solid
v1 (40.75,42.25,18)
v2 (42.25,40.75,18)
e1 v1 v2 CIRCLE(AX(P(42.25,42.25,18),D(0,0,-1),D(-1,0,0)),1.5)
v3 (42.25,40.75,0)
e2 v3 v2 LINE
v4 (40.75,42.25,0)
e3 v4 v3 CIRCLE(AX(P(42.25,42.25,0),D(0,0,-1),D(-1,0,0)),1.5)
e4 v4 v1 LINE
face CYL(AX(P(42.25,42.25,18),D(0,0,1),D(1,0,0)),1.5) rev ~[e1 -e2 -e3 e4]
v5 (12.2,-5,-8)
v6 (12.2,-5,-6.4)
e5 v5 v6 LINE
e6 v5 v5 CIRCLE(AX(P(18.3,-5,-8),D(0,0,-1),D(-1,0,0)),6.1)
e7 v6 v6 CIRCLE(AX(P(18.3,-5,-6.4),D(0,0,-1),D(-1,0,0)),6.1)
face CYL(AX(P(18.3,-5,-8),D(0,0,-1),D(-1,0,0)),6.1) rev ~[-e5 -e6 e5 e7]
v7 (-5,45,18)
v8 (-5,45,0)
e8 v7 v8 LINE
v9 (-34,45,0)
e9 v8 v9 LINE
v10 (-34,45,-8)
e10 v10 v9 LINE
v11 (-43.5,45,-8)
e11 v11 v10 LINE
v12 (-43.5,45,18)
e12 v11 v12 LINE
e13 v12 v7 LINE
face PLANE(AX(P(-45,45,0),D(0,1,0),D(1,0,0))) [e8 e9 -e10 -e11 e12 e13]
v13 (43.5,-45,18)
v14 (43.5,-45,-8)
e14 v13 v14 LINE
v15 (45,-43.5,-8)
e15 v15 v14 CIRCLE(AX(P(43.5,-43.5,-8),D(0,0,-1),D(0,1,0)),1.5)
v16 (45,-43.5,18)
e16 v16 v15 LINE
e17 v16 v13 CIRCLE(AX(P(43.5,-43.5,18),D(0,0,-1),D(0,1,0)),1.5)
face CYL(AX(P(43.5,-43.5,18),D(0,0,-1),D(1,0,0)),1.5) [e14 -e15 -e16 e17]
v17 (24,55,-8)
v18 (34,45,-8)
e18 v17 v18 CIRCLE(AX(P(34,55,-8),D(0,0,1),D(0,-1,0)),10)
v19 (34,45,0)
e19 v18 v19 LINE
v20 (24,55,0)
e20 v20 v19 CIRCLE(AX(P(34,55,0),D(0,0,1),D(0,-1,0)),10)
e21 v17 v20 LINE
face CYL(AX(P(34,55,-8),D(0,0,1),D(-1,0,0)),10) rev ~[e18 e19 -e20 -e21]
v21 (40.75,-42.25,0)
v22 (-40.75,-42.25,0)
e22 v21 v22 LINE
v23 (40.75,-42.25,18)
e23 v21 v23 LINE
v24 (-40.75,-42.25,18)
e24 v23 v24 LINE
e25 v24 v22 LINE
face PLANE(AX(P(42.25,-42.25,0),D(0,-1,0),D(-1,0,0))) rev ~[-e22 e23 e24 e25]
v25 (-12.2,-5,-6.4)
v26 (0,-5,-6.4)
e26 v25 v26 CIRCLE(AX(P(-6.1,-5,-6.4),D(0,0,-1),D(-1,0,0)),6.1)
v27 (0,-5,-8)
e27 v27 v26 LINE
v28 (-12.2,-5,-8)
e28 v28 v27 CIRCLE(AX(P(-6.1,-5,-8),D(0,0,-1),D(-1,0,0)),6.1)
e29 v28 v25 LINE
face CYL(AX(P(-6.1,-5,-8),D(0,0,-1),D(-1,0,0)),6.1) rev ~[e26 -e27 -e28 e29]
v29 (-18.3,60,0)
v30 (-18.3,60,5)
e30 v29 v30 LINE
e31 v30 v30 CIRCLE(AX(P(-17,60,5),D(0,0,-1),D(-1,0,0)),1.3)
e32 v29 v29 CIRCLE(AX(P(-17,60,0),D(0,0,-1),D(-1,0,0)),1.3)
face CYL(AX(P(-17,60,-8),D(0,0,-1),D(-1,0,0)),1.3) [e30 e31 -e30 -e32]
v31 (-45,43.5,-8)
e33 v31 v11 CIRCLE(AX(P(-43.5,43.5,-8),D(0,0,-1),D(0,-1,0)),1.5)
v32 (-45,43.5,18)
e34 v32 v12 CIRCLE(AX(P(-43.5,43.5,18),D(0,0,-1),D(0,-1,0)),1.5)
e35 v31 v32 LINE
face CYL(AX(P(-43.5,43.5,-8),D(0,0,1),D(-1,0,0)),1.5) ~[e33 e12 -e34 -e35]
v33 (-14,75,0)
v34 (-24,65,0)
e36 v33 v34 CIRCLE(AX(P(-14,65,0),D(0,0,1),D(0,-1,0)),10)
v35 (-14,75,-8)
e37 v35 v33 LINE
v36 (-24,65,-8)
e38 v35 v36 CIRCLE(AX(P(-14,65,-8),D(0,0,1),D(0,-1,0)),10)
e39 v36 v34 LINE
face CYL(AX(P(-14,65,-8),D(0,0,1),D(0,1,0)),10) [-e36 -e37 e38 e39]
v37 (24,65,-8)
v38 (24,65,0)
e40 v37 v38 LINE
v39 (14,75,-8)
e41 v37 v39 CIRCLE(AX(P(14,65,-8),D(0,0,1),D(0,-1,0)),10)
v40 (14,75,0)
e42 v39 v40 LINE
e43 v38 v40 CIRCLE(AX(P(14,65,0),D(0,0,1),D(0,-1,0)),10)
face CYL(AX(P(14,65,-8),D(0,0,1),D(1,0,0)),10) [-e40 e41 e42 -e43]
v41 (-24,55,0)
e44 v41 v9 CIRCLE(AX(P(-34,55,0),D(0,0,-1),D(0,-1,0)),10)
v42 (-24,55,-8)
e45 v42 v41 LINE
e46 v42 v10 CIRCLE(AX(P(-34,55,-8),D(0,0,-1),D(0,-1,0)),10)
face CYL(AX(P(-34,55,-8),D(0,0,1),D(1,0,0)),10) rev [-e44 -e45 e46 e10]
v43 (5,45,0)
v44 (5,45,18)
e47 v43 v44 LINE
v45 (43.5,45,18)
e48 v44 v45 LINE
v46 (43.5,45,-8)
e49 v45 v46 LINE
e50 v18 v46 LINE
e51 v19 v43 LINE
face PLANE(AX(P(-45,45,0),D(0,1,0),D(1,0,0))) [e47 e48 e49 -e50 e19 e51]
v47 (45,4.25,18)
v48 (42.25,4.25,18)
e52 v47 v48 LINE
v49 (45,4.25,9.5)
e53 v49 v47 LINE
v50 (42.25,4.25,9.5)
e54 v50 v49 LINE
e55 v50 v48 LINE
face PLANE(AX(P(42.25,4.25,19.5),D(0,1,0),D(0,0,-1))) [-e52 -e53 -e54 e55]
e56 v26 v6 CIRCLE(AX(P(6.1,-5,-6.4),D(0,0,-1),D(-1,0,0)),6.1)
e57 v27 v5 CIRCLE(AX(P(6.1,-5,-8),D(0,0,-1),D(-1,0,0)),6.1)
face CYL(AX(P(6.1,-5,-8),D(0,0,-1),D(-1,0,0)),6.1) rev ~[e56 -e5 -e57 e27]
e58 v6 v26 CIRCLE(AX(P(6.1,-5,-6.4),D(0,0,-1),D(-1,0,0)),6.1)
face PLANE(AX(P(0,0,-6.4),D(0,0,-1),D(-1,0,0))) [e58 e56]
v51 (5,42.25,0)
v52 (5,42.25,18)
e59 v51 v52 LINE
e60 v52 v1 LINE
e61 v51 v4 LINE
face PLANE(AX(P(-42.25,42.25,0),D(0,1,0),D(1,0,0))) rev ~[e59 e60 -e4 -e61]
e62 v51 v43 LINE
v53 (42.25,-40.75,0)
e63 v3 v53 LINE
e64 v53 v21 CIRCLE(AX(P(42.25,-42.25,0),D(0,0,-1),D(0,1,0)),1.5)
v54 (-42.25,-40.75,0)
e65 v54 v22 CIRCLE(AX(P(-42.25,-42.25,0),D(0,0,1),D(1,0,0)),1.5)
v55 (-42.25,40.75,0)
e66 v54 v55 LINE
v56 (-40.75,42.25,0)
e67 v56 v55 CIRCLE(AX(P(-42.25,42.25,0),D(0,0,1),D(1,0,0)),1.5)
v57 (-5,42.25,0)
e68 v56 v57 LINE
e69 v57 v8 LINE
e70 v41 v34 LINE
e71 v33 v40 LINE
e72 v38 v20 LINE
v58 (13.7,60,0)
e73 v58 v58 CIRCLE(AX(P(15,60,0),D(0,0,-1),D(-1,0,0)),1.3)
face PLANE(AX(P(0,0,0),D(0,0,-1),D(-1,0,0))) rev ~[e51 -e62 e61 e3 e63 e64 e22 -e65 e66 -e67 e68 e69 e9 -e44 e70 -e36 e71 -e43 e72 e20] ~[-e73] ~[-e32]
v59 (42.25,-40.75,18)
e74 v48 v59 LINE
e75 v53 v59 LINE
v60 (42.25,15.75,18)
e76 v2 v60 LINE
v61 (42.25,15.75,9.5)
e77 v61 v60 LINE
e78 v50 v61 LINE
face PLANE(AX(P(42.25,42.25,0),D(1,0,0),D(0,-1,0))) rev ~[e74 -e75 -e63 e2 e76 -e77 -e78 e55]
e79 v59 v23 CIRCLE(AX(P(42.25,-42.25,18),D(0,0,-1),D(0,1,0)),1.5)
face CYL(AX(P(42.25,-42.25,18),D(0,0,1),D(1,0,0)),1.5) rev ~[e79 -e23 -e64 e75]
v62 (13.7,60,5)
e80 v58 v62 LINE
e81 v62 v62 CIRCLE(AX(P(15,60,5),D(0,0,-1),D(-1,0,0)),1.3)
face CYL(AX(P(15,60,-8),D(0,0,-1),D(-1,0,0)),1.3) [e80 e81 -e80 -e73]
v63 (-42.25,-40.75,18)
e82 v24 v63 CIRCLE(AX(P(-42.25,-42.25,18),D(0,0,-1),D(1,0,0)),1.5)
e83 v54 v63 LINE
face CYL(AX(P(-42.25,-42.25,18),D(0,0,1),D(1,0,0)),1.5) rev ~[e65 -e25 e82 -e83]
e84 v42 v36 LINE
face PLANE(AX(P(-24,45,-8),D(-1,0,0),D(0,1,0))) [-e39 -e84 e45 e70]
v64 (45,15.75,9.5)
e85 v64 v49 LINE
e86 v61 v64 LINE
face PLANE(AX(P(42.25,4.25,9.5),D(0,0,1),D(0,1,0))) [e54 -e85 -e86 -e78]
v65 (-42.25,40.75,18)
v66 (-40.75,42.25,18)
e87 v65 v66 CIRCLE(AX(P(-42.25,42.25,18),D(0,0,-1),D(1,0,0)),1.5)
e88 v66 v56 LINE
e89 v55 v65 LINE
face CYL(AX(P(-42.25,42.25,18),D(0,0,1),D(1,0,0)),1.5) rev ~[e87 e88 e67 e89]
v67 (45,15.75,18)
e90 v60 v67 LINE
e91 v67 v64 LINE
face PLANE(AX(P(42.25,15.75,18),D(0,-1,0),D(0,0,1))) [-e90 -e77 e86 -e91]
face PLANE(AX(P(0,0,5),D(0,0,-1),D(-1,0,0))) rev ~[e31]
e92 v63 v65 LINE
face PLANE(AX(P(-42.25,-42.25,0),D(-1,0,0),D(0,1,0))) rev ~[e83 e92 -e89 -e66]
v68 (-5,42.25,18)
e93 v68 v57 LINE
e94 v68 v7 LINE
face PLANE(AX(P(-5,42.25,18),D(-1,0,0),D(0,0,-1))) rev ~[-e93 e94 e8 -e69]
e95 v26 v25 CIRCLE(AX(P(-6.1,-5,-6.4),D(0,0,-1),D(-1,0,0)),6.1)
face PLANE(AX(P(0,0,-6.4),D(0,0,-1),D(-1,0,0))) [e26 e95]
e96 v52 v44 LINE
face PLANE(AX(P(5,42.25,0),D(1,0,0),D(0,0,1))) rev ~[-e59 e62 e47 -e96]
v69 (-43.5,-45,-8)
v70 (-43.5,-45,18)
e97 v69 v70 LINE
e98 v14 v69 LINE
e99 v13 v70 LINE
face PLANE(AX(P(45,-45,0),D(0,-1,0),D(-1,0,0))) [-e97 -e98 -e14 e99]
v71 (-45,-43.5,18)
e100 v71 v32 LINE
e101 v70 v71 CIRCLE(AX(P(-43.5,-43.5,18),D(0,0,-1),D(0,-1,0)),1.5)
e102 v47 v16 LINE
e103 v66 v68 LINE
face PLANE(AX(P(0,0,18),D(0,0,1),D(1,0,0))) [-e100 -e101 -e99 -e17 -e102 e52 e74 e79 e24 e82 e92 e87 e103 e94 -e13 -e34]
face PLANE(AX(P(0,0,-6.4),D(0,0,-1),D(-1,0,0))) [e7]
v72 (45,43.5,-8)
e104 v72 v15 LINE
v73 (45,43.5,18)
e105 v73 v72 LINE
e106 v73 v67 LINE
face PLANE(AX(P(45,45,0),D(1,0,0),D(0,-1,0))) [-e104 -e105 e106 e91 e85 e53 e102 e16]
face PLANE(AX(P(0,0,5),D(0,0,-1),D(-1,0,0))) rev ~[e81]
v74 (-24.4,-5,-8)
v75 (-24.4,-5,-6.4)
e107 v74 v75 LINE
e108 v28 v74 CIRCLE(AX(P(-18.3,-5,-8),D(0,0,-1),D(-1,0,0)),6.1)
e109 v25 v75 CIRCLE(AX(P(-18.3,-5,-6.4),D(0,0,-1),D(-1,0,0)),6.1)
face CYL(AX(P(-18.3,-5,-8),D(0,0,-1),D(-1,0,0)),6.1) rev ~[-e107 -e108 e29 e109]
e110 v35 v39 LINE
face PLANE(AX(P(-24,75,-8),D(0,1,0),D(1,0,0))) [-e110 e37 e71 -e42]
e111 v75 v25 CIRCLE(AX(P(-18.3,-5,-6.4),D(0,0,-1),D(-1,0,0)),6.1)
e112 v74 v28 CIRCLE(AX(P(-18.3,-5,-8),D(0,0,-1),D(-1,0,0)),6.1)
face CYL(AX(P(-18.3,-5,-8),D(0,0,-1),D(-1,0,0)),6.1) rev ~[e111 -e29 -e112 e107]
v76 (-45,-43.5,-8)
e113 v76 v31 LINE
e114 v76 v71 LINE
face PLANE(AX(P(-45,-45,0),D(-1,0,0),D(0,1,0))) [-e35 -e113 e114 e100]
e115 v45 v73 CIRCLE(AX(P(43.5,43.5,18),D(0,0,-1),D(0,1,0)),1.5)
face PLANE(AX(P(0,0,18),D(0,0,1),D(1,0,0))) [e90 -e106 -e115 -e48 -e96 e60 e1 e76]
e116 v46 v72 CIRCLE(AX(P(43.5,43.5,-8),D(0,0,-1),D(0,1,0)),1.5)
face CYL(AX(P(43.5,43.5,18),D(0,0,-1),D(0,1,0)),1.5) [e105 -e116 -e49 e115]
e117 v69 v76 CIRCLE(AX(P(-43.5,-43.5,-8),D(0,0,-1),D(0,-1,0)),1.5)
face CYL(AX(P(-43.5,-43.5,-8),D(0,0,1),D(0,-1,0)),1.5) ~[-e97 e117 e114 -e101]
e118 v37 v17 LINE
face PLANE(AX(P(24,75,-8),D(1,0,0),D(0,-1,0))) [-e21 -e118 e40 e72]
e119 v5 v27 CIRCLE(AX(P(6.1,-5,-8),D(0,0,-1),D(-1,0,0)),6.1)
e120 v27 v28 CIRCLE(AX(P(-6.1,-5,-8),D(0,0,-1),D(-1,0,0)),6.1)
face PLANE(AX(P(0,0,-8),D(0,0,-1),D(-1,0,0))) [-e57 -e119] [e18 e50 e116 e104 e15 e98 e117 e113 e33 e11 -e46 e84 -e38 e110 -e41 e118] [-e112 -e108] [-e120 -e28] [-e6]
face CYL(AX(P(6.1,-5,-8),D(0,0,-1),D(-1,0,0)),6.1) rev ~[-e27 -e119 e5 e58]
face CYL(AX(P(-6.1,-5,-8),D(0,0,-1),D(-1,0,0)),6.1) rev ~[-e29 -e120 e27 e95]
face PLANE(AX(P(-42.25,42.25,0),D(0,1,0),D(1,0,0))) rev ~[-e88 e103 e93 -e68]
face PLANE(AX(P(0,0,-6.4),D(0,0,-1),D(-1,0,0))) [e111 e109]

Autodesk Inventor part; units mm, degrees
ref_plane "YZ Plane" through (0, 0, 0) normal (1, 0, 0) x (0, 1, 0)
ref_plane "XZ Plane" through (0, 0, 0) normal (0, 1, 0) x (-1, 0, 0)
ref_plane "XY Plane" through (0, 0, 0) normal (0, 0, 1) x (1, 0, 0)
sketch "Sketch1" plane through (0, 0, 0) normal (0, 0, 1) x (1, 0, 0)
  line L0 (-42.25, 42.25) -> (42.25, 42.25)
  line L1 (42.25, 42.25) -> (42.25, -42.25)
  line L2 (42.25, -42.25) -> (-42.25, -42.25)
  line L3 (-42.25, -42.25) -> (-42.25, 42.25)
  line L4 (-42.25, 42.25) -> (42.25, -42.25) construction
  line L5 (42.25, 42.25) -> (-42.25, -42.25) construction
  line L6 (-45, 45) -> (45, 45)
  line L7 (45, 45) -> (45, -45)
  line L8 (45, -45) -> (-45, -45)
  line L9 (-45, -45) -> (-45, 45)
  line L10 (-45, 45) -> (45, -45) construction
  line L11 (45, 45) -> (-45, -45) construction
  point P0 (0, 0)
  dimension "d0" = 84.5
  dimension "d1" = 84.5
  dimension "d2" = 90
  dimension "d3" = 90
extrude "Extrusion1" add sketch "Sketch1" along normal blind 18
extrude "Extrusion2" add sketch "Sketch1" against normal blind 8 contours L0 L1 L2 L3 | L6 L7 L8 L9
sketch "Sketch2" plane through (0, 0, 18) normal (0, 0, 1) x (1, 0, 0)
  line L0 (42.25, -42.25) -> (42.25, 42.25) projected
  line L1 (42.25, 42.25) -> (-42.25, 42.25) projected
  line L2 (-42.25, 42.25) -> (-42.25, -42.25) projected
  line L3 (-42.25, -42.25) -> (42.25, -42.25) projected
  circle A0 centre (42.25, -42.25) radius 1.5
  line L4 (42.25, -42.25) -> (-42.25, -42.25) projected
  circle A1 centre (-42.25, -42.25) radius 1.5
  circle A2 centre (42.25, 42.25) radius 1.5
  line L5 (-42.25, 42.25) -> (42.25, 42.25) projected
  circle A3 centre (-42.25, 42.25) radius 1.5
  point P0 (0, 0)
  dimension "d8" = 3
  dimension "d9" = 3
  dimension "d10" = 3
  dimension "d11" = 3
extrude "Extrusion3" cut sketch "Sketch2" against normal up to surface (18 mm away) contours L3 A0 L0 | L0 A0 L3 | A2 L1 L0 | L0 L1 A2 | A1 L2 L3 | L3 L2 A1 | A3 L2 L1 | L1 L2 A3
sketch "Sketch3" plane through (42.25, -40.75, 0) normal (-1, 0, 0) x (0, 0, 1)
  line L0 (18, 81.5) -> (0, 81.5) projected
  line L1 (0, 0) -> (0, 81.5) projected
  line L2 (0, 0) -> (18, 0) projected
  line L3 (18, 81.5) -> (18, 0) projected
  line L4 (9.5, 56.5) -> (19.5, 56.5)
  line L5 (19.5, 56.5) -> (19.5, 45)
  line L6 (19.5, 45) -> (9.5, 45)
  line L7 (9.5, 45) -> (9.5, 56.5)
  point P0 (0, 40.75)
  dimension "d14" = 10
  dimension "d15" = 11.5
  dimension "d16" = 25
  dimension "d17" = 9.5
extrude "Extrusion4" cut sketch "Sketch3" against normal blind 10 contours L4 L5 L6 L3 | L3 L6 L7 L4
sketch "Sketch4" plane through (-40.75, 42.25, 0) normal (0, -1, 0) x (1, 0, 0)
  line L0 (0, 18) -> (0, 0) projected
  line L1 (81.5, 0) -> (0, 0) projected
  line L2 (81.5, 0) -> (81.5, 18) projected
  line L3 (0, 18) -> (81.5, 18) projected
  line L4 (0, 18) -> (81.5, 18) projected
  line L5 (81.5, 0) -> (0, 0) projected
  line L6 (45.75, 18) -> (35.75, 18)
  line L7 (35.75, 18) -> (35.75, 0)
  line L8 (35.75, 0) -> (45.75, 0)
  line L9 (45.75, 0) -> (45.75, 18)
  point P0 (40.75, 18)
  point P1 (40.75, 18)
  dimension "d22" = 10
extrude "Extrusion5" cut sketch "Sketch4" against normal up to surface (2.75 mm away) contours L3 L9 L1 L7
sketch "Sketch5" plane through (0, 0, -8) normal (0, 0, -1) x (-1, 0, 0)
  line L0 (45, 45) -> (-45, 45) projected
  line L1 (-45, 45) -> (-45, -45) projected
  line L2 (-45, -45) -> (45, -45) projected
  line L3 (45, -45) -> (45, 45) projected
  line L4 (-24, 45) -> (24, 45)
  line L5 (24, 45) -> (24, 75)
  line L6 (24, 75) -> (-24, 75)
  line L7 (-24, 75) -> (-24, 45)
  circle A0 centre (-15, 60) radius 1.3
  circle A1 centre (17, 60) radius 1.3
  point P0 (0, 0)
  point P1 (0, 45)
  point P2 (-24, 60)
  dimension "d25" = 48
  dimension "d26" = 30
  dimension "d27" = 2.6
  dimension "d28" = 2.6
  dimension "d29" = 32
extrude "Extrusion6" add sketch "Sketch5" against normal up to surface (8 mm away) contours L0 L7 L6 L5
extrude "Extrusion7" add sketch "Sketch5" against normal blind 13 contours A0 | A1
fillet "Fillet1" radius 10 4 edges at (24, 75, -4) (-24, 75, -4) (24, 45, -4) (-24, 45, -4)
fillet "Fillet2" radius 1.5 4 edges at (45, 45, 5) (-45, 45, 5) (45, -45, 5) (-45, -45, 5)
sketch "Sketch6" plane through (0, 0, -8) normal (0, 0, -1) x (-1, 0, 0)
  circle A0 centre (18.3, -5) radius 6.1
  circle A1 centre (6.1, -5) radius 6.1
  circle A2 centre (-6.1, -5) radius 6.1
  circle A3 centre (-18.3, -5) radius 6.1
  line L0 (-43.5, -45) -> (43.5, -45) projected
  point P0 (0, 0)
  point P1 (0, -5)
  point P2 (0, -45)
  dimension "d38" = 12.2
  dimension "d39" = 12.2
  dimension "d37" = 12.2
  dimension "d40" = 12.2
  dimension "d41" = 40
extrude "Extrusion8" cut sketch "Sketch6" against normal blind 1.6
properties part number "base"
